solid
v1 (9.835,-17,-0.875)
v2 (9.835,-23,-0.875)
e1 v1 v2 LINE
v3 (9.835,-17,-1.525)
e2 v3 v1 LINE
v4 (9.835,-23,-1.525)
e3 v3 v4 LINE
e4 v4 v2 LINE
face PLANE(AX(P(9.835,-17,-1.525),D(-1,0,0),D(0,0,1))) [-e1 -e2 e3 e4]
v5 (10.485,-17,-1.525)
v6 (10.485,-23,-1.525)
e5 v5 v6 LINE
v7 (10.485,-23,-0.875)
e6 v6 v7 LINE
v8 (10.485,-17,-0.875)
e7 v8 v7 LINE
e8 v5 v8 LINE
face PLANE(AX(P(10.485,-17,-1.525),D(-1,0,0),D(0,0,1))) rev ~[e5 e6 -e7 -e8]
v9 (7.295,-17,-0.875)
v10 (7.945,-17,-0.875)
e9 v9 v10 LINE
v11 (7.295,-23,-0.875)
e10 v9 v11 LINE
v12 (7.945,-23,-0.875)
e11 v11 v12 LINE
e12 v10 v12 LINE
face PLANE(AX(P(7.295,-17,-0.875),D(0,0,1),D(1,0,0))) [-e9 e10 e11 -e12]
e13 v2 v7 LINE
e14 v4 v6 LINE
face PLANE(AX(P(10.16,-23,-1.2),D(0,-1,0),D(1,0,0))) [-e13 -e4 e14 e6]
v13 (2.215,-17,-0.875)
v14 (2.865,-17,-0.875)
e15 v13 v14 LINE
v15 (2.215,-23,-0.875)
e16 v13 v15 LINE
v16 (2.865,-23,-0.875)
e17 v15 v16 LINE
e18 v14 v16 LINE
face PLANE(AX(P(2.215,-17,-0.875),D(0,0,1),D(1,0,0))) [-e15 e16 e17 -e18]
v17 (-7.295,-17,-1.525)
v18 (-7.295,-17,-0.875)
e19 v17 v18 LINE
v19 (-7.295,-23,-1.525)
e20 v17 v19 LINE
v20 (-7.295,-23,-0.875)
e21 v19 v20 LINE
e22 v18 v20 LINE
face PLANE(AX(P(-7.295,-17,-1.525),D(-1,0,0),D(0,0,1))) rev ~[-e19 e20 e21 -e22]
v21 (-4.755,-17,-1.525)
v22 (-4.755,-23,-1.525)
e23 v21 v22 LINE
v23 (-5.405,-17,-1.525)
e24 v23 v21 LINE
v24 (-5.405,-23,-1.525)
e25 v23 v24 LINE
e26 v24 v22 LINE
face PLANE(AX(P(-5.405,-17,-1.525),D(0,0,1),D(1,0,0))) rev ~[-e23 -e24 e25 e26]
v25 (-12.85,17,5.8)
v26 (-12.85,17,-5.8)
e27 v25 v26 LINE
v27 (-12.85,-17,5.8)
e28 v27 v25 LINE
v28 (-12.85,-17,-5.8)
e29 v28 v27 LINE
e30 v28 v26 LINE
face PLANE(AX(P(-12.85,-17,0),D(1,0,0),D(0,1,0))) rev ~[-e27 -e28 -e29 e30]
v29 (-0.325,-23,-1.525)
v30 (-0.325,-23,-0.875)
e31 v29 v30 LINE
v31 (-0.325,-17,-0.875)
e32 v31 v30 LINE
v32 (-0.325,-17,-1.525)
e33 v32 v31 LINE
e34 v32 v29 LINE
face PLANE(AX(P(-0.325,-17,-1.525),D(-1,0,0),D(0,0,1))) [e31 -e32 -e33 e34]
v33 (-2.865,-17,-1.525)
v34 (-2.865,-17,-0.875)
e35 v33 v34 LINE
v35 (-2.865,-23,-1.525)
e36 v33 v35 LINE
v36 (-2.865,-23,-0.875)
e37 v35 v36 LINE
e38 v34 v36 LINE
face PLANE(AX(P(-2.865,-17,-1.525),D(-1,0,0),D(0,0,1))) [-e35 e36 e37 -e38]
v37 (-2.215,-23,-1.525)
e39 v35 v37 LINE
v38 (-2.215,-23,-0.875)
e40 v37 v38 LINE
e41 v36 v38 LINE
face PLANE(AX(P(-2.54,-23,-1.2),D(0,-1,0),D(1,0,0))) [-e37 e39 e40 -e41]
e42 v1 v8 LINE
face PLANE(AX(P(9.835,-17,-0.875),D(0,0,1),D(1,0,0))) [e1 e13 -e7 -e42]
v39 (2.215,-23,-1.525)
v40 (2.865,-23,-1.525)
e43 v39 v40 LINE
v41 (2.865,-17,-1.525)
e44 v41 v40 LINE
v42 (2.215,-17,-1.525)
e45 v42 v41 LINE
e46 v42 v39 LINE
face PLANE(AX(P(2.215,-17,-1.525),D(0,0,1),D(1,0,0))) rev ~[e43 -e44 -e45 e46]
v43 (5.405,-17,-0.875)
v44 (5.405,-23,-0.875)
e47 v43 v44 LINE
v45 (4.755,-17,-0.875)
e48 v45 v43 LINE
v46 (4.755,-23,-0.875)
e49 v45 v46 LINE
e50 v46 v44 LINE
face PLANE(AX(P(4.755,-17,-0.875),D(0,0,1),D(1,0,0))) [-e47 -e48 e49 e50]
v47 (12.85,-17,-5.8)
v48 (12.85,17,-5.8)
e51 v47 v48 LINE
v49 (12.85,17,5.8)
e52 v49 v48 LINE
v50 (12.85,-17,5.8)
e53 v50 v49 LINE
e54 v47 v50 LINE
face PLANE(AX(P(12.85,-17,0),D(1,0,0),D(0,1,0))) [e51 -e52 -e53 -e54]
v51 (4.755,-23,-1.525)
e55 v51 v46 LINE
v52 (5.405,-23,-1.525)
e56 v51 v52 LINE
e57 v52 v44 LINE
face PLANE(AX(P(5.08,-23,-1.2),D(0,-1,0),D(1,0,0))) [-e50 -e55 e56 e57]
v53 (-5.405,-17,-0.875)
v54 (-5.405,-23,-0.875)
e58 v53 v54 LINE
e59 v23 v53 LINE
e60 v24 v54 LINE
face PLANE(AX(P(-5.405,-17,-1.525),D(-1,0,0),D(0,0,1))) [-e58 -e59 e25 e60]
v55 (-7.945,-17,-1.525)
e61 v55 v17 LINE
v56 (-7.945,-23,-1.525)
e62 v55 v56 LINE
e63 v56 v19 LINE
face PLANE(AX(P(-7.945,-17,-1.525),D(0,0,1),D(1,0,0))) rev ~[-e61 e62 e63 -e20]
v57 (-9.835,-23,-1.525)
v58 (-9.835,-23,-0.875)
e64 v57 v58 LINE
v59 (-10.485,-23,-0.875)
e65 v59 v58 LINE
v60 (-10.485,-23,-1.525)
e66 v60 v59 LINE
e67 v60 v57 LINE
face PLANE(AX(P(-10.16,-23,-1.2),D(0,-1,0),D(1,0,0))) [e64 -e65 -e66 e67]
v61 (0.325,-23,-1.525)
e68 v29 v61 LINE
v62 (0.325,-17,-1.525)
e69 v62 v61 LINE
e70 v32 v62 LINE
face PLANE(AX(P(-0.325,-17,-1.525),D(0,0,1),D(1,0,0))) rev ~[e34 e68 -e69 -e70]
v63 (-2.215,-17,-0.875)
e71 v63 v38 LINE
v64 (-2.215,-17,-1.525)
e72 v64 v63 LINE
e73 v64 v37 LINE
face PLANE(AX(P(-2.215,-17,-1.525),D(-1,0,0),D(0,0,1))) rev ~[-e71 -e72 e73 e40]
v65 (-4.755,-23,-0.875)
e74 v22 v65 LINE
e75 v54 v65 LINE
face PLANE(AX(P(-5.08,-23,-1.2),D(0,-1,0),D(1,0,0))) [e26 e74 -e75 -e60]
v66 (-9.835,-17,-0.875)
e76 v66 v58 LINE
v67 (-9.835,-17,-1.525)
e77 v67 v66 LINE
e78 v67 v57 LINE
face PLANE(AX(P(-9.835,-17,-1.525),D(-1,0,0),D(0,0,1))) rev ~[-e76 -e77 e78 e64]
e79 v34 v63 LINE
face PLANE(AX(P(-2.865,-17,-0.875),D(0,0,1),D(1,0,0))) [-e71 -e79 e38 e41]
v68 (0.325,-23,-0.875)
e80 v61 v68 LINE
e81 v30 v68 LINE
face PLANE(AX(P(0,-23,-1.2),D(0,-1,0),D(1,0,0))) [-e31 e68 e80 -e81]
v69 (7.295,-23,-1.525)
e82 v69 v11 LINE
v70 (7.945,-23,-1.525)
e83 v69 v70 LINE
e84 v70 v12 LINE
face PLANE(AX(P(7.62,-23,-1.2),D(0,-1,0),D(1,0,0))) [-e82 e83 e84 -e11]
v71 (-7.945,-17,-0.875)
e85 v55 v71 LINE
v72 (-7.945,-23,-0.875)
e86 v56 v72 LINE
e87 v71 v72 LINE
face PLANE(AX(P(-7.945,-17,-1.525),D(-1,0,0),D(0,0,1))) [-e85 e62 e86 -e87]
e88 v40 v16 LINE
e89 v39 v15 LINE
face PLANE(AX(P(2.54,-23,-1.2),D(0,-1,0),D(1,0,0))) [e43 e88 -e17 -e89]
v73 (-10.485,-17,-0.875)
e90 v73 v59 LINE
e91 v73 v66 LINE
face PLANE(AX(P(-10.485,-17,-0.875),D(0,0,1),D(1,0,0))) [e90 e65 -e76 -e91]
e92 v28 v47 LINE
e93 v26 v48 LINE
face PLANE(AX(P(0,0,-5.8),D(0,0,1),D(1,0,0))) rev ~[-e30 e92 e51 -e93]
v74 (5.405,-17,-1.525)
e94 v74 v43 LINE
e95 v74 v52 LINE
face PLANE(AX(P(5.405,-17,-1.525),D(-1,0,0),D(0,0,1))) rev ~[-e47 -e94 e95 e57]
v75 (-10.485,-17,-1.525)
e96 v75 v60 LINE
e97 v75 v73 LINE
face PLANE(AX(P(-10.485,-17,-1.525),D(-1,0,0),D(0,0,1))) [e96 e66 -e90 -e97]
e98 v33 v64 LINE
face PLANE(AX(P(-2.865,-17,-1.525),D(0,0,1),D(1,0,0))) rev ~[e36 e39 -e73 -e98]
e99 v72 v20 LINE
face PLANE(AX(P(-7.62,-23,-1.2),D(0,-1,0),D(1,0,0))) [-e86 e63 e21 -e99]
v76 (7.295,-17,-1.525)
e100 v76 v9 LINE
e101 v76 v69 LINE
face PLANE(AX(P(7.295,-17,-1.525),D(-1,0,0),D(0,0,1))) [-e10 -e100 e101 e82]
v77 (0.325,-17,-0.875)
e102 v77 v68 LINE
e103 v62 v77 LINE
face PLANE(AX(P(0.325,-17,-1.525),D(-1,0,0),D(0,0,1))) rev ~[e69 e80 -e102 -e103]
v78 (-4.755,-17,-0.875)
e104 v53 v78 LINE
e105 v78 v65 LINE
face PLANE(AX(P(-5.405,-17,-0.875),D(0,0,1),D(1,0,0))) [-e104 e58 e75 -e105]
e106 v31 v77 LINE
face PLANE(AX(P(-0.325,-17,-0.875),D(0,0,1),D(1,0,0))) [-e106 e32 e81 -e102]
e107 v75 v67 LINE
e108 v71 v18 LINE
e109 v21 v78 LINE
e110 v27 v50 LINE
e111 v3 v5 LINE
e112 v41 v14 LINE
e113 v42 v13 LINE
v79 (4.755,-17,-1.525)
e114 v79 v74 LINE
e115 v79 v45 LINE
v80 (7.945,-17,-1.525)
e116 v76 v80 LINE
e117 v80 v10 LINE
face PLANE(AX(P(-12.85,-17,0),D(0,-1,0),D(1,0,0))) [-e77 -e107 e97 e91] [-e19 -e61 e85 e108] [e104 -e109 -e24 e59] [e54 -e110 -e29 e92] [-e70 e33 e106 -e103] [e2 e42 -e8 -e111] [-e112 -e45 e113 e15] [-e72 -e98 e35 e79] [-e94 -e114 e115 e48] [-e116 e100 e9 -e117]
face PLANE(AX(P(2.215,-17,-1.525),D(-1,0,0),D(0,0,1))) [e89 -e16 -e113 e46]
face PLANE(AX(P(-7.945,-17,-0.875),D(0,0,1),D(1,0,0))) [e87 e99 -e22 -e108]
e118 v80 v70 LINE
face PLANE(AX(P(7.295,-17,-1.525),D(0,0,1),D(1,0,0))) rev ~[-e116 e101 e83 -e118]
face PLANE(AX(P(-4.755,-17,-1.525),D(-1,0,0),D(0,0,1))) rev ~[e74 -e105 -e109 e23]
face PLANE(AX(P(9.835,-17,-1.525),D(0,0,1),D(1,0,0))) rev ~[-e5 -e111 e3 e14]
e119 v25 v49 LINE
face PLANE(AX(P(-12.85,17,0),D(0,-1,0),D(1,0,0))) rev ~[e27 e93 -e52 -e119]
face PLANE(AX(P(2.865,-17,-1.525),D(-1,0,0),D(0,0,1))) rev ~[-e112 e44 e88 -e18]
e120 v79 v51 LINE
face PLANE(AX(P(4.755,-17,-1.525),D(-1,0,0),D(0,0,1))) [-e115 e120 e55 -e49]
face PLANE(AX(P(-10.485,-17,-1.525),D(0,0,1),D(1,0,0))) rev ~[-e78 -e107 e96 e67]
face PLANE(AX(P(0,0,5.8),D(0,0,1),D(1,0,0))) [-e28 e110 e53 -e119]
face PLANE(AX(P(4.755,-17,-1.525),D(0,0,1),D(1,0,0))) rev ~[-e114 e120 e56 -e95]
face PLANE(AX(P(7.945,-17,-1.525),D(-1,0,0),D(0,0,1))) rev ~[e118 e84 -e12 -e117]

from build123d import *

# Parameters (mm, degrees)
ESQUISSE1_W                    = 25.7
ESQUISSE1_H                    = 34
BOSS_EXTRU_1_DEPTH             = 5.8
ESQUISSE2_W                    = 0.65
ESQUISSE2_H                    = 0.65
BOSS_EXTRU_2_DEPTH             = 6
R_P_TITION_LIN_AIRE1_COUNT     = 5
R_P_TITION_LIN_AIRE1_PITCH     = 2.54
R_P_TITION_LIN_AIRE1_COL_COUNT = 5
R_P_TITION_LIN_AIRE1_COL_PITCH = 2.54


with BuildPart() as part:
    # Esquisse1 → Boss.-Extru.1 (new, symmetric)
    with BuildSketch(Plane.XY):
        Rectangle(ESQUISSE1_W, ESQUISSE1_H)
    extrude(amount=BOSS_EXTRU_1_DEPTH, both=True)

    # Esquisse2 → Boss.-Extru.2 (add)
    with BuildSketch(Plane.XZ.offset(17)):
        with Locations((0, -1.2)):
            Rectangle(ESQUISSE2_W, ESQUISSE2_H)
    boss_extru_2 = extrude(amount=BOSS_EXTRU_2_DEPTH)

    # Répétition linéaire1: Boss.-Extru.2 ×5
    with Locations(*[(i * R_P_TITION_LIN_AIRE1_PITCH, 0, 0) for i in range(1, R_P_TITION_LIN_AIRE1_COUNT)]):
        add(boss_extru_2)

    # Répétition linéaire1 col: Boss.-Extru.2 ×5
    with Locations(*[(-i * R_P_TITION_LIN_AIRE1_COL_PITCH, 0, 0) for i in range(1, R_P_TITION_LIN_AIRE1_COL_COUNT)]):
        add(boss_extru_2)


solid = part.part
